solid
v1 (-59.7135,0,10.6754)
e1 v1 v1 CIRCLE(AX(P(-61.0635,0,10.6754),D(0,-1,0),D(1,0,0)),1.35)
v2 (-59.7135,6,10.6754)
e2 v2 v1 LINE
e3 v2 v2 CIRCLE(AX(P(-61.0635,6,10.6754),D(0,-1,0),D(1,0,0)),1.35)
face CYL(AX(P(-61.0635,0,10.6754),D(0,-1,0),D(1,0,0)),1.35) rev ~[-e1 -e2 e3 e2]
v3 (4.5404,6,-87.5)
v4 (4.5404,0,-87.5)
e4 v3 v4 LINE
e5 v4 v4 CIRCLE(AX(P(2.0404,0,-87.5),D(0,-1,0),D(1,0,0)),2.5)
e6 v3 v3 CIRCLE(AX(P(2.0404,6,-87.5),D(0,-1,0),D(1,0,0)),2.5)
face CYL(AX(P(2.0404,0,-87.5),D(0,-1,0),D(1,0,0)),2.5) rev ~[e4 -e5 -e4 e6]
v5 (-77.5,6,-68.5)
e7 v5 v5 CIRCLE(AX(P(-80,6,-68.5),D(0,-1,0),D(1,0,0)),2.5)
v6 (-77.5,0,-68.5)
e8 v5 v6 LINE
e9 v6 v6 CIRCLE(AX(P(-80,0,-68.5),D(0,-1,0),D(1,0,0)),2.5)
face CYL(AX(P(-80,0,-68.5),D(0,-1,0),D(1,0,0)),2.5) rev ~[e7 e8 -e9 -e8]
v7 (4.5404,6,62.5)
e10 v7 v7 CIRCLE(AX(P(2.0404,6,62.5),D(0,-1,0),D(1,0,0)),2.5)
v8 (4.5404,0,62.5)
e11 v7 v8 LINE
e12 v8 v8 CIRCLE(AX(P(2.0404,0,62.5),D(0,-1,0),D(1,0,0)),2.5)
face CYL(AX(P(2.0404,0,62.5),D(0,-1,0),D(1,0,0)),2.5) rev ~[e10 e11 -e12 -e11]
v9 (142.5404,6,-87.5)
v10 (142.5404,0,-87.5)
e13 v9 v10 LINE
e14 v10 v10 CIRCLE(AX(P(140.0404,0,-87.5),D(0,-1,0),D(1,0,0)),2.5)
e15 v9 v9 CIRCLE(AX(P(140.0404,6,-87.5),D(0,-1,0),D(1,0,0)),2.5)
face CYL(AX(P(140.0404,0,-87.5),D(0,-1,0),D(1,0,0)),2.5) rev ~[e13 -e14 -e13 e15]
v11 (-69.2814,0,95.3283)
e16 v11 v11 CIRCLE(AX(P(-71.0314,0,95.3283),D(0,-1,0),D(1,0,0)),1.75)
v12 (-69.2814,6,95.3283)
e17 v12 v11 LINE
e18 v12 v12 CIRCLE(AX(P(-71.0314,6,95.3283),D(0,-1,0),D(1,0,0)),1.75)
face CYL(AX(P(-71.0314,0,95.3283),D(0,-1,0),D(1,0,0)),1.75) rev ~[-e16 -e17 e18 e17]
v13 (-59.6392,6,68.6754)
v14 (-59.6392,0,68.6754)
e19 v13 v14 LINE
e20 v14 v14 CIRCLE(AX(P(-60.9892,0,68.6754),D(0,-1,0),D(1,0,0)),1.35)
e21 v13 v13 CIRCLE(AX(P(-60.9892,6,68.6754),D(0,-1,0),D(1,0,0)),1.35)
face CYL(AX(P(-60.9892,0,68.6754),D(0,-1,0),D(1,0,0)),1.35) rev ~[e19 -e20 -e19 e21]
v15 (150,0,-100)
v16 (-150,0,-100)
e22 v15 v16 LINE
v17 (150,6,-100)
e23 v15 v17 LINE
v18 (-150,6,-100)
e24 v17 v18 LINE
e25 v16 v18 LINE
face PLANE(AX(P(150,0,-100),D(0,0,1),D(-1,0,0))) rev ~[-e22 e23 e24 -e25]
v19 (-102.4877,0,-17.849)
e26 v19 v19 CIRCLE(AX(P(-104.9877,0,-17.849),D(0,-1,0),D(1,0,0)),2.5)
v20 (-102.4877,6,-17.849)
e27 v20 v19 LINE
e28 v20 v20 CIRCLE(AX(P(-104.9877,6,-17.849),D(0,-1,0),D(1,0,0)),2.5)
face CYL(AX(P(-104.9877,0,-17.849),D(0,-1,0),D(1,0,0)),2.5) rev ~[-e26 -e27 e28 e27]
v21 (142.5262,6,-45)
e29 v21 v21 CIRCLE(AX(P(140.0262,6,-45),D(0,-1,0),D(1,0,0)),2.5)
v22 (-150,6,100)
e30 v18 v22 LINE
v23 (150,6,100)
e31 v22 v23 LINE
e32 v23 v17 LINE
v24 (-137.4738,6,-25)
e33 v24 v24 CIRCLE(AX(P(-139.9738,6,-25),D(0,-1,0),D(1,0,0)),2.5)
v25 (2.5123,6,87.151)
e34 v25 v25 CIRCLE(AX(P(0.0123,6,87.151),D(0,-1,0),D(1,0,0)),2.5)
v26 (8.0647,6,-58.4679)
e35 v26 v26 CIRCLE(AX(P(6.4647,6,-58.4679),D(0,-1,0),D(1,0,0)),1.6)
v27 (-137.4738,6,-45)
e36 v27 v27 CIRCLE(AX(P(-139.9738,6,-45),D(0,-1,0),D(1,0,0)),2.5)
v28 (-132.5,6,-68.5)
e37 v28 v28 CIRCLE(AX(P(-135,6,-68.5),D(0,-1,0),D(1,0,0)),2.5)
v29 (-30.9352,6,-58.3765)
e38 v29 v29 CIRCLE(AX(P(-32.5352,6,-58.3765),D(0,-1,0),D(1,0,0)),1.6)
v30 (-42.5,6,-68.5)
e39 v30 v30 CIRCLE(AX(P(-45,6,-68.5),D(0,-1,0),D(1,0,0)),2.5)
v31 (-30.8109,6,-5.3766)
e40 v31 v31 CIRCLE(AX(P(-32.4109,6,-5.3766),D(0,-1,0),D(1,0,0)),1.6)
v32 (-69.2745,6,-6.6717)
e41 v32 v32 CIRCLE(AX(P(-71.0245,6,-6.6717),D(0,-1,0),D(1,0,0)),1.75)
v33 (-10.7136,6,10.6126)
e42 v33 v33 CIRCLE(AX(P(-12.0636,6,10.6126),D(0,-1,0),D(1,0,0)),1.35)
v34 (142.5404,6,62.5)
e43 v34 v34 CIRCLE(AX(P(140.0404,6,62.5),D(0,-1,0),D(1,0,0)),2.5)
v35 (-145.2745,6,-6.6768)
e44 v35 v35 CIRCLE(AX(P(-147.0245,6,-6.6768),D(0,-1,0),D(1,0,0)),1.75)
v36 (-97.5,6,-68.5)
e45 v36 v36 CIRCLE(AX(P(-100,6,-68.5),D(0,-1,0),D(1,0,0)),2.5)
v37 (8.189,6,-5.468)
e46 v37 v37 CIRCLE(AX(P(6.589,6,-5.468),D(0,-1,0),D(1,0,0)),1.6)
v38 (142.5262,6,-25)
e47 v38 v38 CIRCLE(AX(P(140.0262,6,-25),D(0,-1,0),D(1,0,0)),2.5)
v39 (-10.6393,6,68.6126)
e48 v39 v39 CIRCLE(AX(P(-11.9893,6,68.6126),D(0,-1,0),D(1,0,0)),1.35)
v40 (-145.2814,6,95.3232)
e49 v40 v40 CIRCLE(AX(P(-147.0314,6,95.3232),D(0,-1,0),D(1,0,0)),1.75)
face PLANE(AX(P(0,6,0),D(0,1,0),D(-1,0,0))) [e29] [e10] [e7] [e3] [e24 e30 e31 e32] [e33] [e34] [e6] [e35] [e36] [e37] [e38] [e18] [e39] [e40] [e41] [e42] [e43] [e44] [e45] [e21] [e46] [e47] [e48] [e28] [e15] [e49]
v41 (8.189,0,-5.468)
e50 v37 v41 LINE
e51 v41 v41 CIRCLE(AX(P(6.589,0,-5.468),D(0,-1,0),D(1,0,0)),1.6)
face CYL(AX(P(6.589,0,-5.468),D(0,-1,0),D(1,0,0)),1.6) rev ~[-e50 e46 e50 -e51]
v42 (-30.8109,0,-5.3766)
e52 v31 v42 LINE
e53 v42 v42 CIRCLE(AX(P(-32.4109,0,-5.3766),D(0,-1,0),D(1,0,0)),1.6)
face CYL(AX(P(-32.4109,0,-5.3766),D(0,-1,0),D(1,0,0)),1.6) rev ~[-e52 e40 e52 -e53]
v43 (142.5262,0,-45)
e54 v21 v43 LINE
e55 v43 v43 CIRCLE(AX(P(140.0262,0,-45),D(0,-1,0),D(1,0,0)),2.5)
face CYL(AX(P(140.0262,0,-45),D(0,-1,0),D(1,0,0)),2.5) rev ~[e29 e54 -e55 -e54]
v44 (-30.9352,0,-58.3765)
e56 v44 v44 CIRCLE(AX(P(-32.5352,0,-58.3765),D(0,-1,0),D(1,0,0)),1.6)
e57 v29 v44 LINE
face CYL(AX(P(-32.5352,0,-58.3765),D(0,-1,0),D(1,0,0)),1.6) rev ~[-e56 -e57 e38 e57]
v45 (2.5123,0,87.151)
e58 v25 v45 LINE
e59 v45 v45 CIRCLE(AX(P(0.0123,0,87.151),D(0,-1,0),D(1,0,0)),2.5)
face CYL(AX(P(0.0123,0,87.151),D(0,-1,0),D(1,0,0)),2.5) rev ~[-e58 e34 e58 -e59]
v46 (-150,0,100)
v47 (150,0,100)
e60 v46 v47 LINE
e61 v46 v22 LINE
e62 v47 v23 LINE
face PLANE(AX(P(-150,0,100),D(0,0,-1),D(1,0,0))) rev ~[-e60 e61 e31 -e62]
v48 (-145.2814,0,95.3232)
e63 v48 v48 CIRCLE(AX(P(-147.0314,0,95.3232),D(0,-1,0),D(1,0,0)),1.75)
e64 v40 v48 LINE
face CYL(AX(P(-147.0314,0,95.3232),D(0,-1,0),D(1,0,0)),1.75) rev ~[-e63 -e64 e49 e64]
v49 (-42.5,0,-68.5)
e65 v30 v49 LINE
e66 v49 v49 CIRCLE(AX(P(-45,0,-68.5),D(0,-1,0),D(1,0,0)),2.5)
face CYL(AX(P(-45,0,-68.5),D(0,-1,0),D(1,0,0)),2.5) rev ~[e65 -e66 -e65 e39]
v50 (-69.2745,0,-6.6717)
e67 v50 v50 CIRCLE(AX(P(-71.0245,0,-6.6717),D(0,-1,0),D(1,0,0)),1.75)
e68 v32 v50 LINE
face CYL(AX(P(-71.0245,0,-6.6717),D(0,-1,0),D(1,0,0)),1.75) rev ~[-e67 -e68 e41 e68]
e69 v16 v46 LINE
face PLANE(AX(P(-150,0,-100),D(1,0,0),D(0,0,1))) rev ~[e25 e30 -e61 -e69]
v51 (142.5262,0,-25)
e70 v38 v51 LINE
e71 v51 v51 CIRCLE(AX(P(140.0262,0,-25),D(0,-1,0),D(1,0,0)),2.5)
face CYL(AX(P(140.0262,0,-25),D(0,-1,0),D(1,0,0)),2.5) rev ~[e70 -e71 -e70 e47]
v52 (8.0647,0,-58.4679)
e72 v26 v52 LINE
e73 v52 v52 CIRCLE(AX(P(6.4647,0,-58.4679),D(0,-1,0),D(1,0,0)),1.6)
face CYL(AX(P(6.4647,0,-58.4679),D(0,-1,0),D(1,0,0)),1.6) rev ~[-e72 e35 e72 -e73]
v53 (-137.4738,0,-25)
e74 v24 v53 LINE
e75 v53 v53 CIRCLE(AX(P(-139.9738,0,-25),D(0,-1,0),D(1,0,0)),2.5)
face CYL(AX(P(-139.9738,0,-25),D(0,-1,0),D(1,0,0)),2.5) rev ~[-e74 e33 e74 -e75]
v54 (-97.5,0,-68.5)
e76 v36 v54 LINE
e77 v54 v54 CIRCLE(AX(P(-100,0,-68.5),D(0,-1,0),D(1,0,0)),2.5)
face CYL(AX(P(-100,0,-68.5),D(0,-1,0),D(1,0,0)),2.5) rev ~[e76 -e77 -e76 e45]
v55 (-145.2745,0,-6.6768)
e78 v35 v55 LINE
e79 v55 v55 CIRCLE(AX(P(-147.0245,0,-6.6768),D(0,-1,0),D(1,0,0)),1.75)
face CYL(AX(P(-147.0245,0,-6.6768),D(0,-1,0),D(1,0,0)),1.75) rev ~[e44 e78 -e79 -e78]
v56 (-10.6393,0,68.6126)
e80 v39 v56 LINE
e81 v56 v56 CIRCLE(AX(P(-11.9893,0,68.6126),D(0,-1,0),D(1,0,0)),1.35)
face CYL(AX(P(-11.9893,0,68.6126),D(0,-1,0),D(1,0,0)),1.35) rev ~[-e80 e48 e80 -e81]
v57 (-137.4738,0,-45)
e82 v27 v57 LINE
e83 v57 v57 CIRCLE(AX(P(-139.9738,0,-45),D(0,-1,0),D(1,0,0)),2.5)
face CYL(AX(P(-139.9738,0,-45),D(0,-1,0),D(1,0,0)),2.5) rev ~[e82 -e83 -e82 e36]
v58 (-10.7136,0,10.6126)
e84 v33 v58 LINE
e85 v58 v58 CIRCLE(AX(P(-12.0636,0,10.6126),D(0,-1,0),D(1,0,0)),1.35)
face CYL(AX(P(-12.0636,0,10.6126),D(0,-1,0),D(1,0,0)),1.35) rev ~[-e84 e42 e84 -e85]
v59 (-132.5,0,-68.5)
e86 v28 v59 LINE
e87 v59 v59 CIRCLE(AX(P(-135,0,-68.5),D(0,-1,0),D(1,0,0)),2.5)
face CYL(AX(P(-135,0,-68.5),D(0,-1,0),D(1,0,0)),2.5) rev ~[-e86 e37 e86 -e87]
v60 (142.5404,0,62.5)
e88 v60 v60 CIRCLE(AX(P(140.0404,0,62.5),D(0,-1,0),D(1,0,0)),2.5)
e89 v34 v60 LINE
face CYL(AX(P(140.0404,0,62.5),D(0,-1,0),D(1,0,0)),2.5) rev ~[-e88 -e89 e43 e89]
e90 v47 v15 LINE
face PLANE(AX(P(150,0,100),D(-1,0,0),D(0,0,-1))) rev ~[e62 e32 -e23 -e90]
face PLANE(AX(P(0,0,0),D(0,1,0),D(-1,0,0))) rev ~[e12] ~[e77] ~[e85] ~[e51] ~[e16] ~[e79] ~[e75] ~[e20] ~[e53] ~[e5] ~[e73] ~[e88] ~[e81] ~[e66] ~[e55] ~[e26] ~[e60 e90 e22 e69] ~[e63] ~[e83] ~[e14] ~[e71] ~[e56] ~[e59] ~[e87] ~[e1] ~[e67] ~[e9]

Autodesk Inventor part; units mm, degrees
ref_plane "YZ Plane" through (0, 0, 0) normal (1, 0, 0) x (0, 1, 0)
ref_plane "XZ Plane" through (0, 0, 0) normal (0, 1, 0) x (-1, 0, 0)
ref_plane "XY Plane" through (0, 0, 0) normal (0, 0, 1) x (1, 0, 0)
sketch "Sketch1" plane through (0, 0, 0) normal (0, 1, 0) x (-1, 0, 0)
  line L0 (-150, -100) -> (150, -100)
  line L1 (150, -100) -> (150, 100)
  line L2 (150, 100) -> (-150, 100)
  line L3 (-150, 100) -> (-150, -100)
  line L4 (-150, -100) -> (150, 100) construction
  line L5 (150, -100) -> (-150, 100) construction
  point P0 (0, 0)
  dimension "d2" = 200
  dimension "d3" = 300
extrude "Extrusion1" add sketch "Sketch1" along normal blind 6
sketch "Sketch2" plane through (0, 0, 0) normal (0, -1, 0) x (1, 0, 0)
  circle A0 centre (-11.9893, 68.6126) radius 1.35 projected
  circle A1 centre (-32.5352, -58.3765) radius 1.6 projected
  circle A2 centre (-32.4109, -5.3766) radius 1.6 projected
  circle A3 centre (6.589, -5.468) radius 1.6 projected
  circle A4 centre (-61.0635, 10.6754) radius 1.35 projected
  circle A5 centre (6.4647, -58.4679) radius 1.6 projected
  circle A6 centre (-12.0636, 10.6126) radius 1.35 projected
  circle A7 centre (-71.0314, 95.3283) radius 1.75 projected
  circle A8 centre (-147.0245, -6.6768) radius 1.75 projected
  circle A9 centre (-71.0245, -6.6717) radius 1.75 projected
  circle A10 centre (-147.0314, 95.3232) radius 1.75 projected
  circle A11 centre (-60.9892, 68.6754) radius 1.35 projected
  circle A12 centre (2.0404, -87.5) radius 2.5 projected
  circle A13 centre (140.0404, -87.5) radius 2.5 projected
  circle A14 centre (140.0404, 62.5) radius 2.5 projected
  circle A15 centre (2.0404, 62.5) radius 2.5 projected
  circle A16 centre (-100, -68.5) radius 2.5 projected
  circle A17 centre (-135, -68.5) radius 2.5 projected
  circle A18 centre (-80, -68.5) radius 2.5 projected
  circle A19 centre (-45, -68.5) radius 2.5 projected
  circle A20 centre (140.0262, -25) radius 2.5 projected
  circle A21 centre (140.0262, -45) radius 2.5 projected
  circle A22 centre (-139.9738, -25) radius 2.5 projected
  circle A23 centre (-139.9738, -45) radius 2.5 projected
  circle A24 centre (0.0123, 87.151) radius 2.5 projected
  circle A25 centre (-104.9877, -17.849) radius 2.5 projected
  point P0 (0, 0)
extrude "Extrusion2" cut sketch "Sketch2" against normal mid plane 30
equation "\"RodDiameter\" = 8"
equation "\"VerticalBearingOD\" = 16"
equation "\"PrintingClearance\" = 0.2"
equation "\"TubeID\" = 18"
equation "\"XLinearBearingOD\" = 19"
properties part number "BackPlate"
